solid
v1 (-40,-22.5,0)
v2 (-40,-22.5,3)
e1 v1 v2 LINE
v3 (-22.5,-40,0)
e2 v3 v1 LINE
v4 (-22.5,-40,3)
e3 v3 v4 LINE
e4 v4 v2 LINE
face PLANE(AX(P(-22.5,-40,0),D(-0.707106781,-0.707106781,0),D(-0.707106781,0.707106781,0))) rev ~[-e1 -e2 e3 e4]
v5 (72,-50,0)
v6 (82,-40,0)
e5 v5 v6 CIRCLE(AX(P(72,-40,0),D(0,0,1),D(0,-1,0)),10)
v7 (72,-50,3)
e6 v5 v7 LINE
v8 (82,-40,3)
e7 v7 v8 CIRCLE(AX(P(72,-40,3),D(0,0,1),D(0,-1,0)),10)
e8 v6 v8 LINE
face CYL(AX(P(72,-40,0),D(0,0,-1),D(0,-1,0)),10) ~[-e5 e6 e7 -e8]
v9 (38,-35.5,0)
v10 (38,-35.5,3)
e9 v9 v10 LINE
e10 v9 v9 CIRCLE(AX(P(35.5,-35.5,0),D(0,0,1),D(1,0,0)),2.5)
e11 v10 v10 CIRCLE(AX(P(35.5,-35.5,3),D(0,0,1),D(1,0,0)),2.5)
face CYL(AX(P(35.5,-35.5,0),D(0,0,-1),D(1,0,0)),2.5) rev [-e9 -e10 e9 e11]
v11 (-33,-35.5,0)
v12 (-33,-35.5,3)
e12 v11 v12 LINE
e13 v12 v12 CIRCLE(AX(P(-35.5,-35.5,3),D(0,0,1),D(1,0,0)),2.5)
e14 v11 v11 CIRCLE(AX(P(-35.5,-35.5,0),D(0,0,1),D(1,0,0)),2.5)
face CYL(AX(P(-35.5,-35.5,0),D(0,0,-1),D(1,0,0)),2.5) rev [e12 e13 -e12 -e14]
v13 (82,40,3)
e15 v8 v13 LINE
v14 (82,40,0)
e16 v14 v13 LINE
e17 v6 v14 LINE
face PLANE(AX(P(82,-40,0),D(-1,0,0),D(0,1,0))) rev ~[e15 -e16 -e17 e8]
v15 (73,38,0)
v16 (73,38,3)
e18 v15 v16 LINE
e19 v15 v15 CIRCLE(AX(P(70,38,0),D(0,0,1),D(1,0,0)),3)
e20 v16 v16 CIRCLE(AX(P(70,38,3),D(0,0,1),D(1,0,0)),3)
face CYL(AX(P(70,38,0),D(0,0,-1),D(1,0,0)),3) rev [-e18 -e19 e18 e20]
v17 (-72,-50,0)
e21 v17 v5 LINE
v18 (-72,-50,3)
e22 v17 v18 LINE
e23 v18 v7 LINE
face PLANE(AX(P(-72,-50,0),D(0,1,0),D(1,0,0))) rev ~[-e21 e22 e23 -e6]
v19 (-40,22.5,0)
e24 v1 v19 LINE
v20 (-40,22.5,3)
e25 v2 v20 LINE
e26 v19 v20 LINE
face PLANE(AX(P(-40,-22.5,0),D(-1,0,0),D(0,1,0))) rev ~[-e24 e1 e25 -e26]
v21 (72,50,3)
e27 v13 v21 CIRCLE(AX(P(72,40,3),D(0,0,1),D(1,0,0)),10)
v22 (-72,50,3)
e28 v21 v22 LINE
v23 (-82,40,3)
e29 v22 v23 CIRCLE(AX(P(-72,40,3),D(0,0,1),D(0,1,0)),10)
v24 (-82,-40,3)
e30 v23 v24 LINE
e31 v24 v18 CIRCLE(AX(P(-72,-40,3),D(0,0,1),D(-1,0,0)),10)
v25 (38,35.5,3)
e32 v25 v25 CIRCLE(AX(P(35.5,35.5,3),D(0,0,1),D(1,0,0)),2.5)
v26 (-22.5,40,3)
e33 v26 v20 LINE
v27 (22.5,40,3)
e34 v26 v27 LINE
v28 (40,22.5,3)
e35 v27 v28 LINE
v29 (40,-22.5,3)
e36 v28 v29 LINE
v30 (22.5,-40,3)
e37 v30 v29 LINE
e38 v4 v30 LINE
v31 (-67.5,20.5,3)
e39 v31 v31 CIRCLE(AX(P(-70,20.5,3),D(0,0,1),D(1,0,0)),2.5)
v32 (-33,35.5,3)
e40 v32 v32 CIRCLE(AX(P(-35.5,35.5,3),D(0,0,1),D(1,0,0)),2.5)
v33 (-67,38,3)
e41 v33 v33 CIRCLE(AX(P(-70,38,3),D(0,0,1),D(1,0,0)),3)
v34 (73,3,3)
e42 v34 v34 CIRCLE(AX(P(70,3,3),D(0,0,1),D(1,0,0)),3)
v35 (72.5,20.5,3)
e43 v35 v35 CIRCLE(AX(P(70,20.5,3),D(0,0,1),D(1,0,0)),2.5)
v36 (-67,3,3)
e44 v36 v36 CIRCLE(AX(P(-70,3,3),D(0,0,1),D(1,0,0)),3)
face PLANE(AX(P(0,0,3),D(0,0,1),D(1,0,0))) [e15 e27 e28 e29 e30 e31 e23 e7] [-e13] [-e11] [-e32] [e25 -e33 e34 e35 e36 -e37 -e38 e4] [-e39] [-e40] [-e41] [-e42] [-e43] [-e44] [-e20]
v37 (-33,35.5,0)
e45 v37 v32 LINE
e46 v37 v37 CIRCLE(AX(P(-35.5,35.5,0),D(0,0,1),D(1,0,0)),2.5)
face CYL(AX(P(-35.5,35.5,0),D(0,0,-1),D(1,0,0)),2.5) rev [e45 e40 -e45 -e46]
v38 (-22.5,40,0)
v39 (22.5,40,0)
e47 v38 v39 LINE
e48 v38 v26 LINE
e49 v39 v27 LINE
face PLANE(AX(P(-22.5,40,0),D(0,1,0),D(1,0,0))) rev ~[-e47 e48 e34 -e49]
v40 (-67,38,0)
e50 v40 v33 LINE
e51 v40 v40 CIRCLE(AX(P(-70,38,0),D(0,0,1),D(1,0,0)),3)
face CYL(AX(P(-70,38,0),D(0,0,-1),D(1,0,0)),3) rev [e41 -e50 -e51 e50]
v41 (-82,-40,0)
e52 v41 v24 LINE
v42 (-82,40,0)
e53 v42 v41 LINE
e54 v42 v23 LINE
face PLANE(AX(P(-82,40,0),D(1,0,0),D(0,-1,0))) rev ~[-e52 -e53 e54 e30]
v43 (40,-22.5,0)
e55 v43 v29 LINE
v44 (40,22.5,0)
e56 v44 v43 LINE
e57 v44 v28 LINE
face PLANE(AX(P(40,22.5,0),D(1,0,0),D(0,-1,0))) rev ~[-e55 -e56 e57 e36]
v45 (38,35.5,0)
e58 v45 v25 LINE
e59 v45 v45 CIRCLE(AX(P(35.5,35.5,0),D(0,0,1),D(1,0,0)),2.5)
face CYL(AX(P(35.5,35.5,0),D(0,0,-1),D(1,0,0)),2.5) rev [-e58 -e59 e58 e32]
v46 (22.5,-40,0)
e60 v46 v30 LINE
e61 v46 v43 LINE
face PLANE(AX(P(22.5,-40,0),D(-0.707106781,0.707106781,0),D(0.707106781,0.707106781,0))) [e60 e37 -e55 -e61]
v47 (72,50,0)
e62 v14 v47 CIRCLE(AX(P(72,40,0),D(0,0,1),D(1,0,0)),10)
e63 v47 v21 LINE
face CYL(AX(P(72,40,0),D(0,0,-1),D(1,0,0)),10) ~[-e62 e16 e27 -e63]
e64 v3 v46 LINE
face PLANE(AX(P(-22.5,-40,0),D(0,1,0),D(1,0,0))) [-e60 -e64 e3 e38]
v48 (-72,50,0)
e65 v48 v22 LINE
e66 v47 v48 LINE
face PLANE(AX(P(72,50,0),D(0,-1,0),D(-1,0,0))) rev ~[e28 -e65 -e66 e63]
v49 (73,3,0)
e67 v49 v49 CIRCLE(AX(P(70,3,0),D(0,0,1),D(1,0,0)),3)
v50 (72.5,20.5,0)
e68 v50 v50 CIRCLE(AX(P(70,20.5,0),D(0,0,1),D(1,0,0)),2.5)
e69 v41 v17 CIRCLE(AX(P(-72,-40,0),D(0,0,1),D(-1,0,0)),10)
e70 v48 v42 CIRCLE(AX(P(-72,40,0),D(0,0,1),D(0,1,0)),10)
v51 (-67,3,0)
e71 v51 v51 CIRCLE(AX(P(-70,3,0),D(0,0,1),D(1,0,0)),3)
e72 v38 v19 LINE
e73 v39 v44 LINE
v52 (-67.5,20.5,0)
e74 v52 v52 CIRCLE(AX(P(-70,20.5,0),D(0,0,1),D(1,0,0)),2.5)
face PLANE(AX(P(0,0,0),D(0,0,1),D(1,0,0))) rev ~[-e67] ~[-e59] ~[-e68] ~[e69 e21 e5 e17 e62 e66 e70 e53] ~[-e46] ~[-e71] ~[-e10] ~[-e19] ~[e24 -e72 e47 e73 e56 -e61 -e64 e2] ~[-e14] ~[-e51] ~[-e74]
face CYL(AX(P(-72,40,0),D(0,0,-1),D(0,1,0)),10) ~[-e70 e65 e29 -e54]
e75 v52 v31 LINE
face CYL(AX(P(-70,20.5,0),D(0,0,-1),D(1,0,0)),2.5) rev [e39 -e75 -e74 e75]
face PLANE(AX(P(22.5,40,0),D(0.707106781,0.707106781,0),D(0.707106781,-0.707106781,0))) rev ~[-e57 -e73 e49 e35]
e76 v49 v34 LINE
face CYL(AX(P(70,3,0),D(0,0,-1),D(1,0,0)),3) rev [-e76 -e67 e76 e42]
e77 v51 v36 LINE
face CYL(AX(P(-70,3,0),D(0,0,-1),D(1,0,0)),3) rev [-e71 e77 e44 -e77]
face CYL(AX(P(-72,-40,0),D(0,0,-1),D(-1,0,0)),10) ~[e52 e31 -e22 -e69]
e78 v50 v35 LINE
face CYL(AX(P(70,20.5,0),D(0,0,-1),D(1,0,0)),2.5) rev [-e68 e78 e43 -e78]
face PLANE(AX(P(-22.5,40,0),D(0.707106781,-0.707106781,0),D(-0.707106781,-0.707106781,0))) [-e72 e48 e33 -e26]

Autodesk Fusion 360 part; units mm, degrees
sketch "Sketch1" plane through (0, 0, 0) normal (0, 0, 1) x (1, 0, 0)
  line L0 (35.5, 35.5) -> (-35.5, 35.5) construction
  line L1 (-35.5, 35.5) -> (-35.5, -35.5) construction
  line L2 (-35.5, -35.5) -> (35.5, -35.5) construction
  line L3 (35.5, -35.5) -> (35.5, 35.5) construction
  line L4 (35.5, 35.5) -> (-35.5, -35.5) construction
  line L5 (-35.5, 35.5) -> (35.5, -35.5) construction
  circle A0 centre (-35.5, 35.5) radius 2.5
  circle A1 centre (35.5, 35.5) radius 2.5
  circle A2 centre (-35.5, -35.5) radius 2.5
  circle A3 centre (35.5, -35.5) radius 2.5
  line L6 (63, 50) -> (-63, 50) construction
  line L7 (-63, 50) -> (-63, -50) construction
  line L8 (-63, -50) -> (63, -50) construction
  line L9 (63, -50) -> (63, 50) construction
  line L10 (63, 50) -> (-63, -50) construction
  line L11 (-63, 50) -> (63, -50) construction
  line L12 (40, 40) -> (-40, 40) construction
  line L13 (-40, 40) -> (-40, -40) construction
  line L14 (-40, -40) -> (40, -40) construction
  line L15 (40, -40) -> (40, 40) construction
  line L16 (40, 40) -> (-40, -40) construction
  line L17 (-40, 40) -> (40, -40) construction
  line L18 (-22.5, 40) -> (-40, 22.5)
  line L19 (0, 0) -> (0, 35.5) construction
  line L20 (0, 0) -> (35.5, 0) construction
  line L21 (22.5, 40) -> (40, 22.5)
  line L22 (-22.5, -40) -> (-40, -22.5)
  line L23 (22.5, -40) -> (40, -22.5)
  line L24 (-40, -22.5) -> (-40, 22.5)
  line L25 (-22.5, 40) -> (22.5, 40)
  line L26 (40, 22.5) -> (40, -22.5)
  line L27 (-22.5, -40) -> (22.5, -40)
  circle A4 centre (-70, 3) radius 3
  circle A5 centre (-70, 38) radius 3
  circle A6 centre (70, 38) radius 3
  circle A7 centre (70, 3) radius 3
  line L28 (-70, 38) -> (-70, 3) construction
  circle A8 centre (-70, 20.5) radius 2.5
  circle A9 centre (70, 20.5) radius 2.5
  line L29 (-72, -50) -> (72, -50)
  line L30 (82, -40) -> (82, 40)
  line L31 (72, 50) -> (-72, 50)
  line L32 (-82, 40) -> (-82, -40)
  arc A10 (-72, 50) -> (-82, 40) centre (-72, 40) ccw
  arc A11 (82, 40) -> (72, 50) centre (72, 40) ccw
  arc A12 (72, -50) -> (82, -40) centre (72, -40) ccw
  arc A13 (-82, -40) -> (-72, -50) centre (-72, -40) ccw
  point P0 (-70, 38)
  point P1 (-82, -50)
  point P2 (82, -50)
  point P3 (82, 50)
  dimension "d1" = 71
  dimension "d2" = 71
  dimension "d3" = 5
  dimension "d4" = 5
  dimension "d5" = 5
  dimension "d6" = 5
  dimension "d7" = 126
  dimension "d8" = 100
  dimension "d9" = 80
  dimension "d10" = 80
  dimension "d11" = 13
  dimension "d12" = 45
  dimension "d13" = 12
  dimension "d14" = 70
  dimension "d15" = 5
  dimension "d16" = 12
  dimension "d17" = 10
extrude "Extrude1" add sketch "Sketch1" along normal blind 3
